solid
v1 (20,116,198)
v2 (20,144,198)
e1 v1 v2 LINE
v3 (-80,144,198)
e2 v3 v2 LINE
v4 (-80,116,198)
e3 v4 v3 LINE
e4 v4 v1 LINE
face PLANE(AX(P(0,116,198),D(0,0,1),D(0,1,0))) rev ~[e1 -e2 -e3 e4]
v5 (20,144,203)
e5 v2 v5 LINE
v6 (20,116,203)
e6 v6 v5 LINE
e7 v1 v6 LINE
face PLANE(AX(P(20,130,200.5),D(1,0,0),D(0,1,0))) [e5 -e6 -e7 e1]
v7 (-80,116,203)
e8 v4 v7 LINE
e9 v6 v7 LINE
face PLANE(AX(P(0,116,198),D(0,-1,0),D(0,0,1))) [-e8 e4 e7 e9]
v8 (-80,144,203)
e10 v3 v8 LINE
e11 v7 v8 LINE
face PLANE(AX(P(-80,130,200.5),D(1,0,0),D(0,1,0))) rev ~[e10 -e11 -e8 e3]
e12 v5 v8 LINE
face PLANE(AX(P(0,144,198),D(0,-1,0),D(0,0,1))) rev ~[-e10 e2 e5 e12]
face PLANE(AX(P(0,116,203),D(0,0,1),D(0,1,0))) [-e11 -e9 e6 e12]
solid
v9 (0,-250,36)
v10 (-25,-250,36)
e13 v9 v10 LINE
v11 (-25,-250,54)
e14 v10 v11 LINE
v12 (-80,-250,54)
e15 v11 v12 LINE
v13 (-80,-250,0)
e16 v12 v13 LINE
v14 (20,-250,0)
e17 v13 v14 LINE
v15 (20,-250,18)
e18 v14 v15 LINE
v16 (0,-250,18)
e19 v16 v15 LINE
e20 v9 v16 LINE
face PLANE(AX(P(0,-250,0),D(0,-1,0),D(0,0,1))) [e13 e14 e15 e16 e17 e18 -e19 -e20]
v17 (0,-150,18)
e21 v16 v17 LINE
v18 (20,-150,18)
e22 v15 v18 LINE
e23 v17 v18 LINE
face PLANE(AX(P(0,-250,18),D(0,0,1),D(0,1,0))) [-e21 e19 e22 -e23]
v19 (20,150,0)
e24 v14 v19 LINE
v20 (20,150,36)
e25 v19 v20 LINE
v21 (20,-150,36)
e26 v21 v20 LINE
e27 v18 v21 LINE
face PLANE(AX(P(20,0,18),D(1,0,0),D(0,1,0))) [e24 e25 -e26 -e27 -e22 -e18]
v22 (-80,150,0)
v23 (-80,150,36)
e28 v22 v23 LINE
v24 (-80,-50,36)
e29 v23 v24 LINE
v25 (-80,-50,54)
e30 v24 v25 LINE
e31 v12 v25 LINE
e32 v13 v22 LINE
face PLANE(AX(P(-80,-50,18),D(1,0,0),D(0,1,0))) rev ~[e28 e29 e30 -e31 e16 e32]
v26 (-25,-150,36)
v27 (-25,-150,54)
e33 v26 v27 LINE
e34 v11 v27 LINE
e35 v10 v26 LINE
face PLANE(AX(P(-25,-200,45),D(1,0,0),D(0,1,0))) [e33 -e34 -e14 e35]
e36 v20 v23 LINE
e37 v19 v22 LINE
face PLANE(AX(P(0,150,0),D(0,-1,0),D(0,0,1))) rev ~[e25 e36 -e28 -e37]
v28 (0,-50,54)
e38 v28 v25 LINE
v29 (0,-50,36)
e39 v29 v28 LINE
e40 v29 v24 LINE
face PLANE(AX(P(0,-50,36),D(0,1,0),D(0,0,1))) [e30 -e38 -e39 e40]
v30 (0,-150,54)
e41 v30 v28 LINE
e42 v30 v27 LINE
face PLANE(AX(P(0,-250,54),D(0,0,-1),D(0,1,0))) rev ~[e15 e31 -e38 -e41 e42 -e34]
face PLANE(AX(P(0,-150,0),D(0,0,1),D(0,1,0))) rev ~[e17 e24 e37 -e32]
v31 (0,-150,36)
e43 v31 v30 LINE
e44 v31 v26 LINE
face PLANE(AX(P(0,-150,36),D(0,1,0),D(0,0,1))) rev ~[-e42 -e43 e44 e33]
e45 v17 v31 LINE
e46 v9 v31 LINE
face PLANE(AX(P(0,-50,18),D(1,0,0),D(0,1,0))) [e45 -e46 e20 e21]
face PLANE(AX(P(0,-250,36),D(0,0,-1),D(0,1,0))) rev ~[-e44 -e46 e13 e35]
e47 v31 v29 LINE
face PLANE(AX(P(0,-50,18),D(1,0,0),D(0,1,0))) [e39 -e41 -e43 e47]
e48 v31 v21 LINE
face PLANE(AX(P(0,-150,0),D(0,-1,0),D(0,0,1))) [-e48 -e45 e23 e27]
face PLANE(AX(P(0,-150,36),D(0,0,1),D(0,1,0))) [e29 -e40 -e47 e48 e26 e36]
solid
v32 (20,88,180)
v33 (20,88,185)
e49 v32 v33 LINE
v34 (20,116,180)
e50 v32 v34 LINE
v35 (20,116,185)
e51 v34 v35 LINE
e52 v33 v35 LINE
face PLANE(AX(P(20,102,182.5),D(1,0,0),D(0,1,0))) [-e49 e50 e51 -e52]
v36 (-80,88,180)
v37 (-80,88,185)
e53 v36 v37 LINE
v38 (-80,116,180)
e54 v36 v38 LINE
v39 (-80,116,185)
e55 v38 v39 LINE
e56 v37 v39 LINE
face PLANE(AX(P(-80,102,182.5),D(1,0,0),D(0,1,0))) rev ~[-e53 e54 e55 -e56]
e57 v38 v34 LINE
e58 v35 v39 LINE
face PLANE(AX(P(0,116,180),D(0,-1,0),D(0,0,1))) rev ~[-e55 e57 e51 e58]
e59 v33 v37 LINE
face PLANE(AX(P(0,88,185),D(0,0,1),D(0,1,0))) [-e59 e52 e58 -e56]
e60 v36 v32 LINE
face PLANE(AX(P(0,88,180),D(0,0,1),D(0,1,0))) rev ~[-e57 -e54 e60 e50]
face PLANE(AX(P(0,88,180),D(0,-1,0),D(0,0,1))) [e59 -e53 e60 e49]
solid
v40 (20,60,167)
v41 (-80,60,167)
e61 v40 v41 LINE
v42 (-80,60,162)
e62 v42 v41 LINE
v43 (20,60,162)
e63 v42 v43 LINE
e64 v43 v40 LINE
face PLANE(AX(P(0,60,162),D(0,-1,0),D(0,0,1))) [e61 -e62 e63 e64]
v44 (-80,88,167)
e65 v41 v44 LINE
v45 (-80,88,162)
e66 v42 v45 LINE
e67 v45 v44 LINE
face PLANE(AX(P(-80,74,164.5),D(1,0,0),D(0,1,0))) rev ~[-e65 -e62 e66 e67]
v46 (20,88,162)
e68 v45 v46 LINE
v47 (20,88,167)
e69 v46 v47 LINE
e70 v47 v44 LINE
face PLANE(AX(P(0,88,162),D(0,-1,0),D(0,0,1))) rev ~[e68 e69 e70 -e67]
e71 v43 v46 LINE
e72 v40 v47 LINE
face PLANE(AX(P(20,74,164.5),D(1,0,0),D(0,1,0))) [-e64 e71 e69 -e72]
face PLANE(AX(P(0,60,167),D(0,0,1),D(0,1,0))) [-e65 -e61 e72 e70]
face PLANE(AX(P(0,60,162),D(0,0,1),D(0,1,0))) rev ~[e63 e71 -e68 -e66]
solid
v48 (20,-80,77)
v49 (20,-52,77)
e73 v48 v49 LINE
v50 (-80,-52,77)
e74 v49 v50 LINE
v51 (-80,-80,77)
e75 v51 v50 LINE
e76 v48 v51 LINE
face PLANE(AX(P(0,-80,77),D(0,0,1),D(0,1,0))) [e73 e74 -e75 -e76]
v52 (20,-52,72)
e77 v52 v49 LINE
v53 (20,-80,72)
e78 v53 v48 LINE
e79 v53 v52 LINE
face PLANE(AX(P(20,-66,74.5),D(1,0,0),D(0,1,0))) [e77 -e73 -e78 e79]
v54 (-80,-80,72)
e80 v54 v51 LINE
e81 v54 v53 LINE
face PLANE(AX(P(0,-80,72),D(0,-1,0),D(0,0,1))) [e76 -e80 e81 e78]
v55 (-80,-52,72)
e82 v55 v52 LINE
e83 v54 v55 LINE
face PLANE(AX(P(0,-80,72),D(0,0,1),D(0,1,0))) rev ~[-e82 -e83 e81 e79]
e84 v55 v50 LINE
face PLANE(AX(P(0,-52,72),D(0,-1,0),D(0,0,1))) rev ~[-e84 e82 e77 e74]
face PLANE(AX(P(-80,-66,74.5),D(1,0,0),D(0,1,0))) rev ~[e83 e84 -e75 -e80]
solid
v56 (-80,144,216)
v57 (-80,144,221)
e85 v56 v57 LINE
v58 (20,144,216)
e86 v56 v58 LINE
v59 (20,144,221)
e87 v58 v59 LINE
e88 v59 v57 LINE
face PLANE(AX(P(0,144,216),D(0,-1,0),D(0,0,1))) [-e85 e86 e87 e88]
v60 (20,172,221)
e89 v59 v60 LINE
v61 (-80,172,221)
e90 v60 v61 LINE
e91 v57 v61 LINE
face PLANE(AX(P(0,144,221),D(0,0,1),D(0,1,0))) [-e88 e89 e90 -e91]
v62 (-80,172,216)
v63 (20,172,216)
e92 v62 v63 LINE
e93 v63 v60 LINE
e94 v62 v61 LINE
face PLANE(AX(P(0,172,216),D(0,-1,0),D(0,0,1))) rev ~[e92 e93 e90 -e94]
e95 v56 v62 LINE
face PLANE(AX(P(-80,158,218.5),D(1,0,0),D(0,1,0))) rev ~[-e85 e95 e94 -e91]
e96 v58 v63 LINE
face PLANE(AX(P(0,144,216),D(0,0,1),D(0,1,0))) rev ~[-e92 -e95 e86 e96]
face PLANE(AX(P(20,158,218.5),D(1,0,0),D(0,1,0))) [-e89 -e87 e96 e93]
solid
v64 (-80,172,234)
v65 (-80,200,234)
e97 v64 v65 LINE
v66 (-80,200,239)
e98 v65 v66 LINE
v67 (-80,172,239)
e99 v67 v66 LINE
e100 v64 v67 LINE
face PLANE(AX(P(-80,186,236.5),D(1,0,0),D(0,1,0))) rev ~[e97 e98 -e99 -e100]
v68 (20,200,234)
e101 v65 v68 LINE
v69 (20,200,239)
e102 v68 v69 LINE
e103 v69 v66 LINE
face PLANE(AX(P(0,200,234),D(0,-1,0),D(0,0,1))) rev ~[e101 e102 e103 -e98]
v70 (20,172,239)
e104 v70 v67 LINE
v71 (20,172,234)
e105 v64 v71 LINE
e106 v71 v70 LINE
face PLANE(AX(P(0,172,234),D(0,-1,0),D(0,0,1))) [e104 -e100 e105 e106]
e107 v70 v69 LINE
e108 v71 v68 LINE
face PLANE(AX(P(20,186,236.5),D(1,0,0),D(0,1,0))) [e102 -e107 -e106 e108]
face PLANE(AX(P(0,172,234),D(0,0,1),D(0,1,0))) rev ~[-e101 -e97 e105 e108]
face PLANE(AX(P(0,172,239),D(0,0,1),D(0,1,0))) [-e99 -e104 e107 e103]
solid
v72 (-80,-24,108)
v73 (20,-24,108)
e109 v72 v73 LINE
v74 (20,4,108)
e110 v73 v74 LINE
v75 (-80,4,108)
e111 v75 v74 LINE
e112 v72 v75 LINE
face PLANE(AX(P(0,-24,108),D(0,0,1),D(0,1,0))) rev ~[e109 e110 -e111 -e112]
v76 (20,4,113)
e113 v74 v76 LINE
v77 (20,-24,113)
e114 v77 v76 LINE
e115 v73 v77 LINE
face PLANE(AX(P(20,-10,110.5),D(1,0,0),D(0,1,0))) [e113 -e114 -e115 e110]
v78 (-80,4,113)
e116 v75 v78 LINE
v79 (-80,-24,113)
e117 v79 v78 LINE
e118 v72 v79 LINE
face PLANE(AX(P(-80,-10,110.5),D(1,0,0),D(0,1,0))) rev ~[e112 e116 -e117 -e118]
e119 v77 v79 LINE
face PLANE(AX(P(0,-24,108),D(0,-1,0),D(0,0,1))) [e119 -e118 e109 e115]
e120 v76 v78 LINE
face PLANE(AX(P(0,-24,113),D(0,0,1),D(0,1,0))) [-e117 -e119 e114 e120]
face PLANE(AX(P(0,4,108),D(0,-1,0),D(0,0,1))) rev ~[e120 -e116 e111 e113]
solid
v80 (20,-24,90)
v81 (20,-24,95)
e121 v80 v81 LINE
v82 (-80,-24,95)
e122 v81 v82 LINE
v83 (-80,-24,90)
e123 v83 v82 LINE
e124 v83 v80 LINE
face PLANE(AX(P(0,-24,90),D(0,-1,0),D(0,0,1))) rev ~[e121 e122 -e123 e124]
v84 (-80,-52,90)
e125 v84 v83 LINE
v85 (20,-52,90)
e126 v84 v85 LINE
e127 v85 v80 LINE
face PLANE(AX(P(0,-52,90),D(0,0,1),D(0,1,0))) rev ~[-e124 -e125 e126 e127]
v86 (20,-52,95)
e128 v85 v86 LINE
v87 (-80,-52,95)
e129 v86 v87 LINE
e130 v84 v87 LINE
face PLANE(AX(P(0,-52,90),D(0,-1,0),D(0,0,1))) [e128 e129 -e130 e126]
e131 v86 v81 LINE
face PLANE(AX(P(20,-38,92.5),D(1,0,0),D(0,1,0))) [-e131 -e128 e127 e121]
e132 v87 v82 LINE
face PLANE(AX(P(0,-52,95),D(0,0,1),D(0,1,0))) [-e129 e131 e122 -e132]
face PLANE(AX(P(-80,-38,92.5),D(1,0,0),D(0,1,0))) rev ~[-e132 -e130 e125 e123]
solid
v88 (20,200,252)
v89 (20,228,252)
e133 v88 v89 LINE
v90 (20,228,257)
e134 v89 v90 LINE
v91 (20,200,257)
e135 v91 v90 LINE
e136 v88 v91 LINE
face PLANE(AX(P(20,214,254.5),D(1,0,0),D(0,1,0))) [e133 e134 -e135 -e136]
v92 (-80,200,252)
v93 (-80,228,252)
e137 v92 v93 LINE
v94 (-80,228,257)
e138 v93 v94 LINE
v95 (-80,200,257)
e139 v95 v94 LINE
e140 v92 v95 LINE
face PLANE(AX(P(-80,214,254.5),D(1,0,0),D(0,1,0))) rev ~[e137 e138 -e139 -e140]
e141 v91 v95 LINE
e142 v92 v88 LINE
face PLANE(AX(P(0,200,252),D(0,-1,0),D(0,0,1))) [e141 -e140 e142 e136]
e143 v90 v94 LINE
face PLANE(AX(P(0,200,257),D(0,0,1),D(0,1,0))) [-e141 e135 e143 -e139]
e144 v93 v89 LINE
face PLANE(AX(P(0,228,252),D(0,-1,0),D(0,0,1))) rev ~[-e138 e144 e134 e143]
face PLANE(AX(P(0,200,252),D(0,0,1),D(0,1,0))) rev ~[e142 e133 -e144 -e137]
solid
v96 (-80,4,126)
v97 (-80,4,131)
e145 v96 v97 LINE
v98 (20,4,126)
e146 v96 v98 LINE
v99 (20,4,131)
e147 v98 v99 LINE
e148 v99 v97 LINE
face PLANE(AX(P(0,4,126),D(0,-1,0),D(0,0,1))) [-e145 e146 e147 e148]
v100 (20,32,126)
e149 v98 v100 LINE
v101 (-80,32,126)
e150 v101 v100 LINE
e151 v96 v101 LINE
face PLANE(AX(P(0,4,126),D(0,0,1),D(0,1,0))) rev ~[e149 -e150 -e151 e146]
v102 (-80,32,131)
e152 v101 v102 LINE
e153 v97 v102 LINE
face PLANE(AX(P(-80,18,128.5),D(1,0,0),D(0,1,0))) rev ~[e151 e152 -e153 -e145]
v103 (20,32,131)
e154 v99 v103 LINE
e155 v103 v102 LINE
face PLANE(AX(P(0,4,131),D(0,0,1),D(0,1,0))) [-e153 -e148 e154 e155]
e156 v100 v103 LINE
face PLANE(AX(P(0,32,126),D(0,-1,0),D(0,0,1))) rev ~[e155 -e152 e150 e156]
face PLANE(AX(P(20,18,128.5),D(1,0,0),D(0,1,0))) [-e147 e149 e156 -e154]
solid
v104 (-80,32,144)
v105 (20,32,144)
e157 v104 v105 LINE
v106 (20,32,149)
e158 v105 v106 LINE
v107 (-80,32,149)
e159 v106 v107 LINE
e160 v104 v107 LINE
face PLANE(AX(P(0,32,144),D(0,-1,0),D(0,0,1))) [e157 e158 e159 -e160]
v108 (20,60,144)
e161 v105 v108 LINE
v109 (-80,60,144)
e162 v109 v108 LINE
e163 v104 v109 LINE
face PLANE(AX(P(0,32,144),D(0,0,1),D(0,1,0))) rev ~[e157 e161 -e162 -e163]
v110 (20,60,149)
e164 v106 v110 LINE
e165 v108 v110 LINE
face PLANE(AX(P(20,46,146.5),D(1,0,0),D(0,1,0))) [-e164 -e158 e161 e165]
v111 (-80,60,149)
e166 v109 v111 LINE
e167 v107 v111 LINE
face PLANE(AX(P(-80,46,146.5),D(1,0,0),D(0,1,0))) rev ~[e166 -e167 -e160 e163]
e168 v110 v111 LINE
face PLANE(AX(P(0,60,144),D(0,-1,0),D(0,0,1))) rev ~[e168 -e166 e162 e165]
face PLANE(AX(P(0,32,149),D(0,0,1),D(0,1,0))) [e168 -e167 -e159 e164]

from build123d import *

# Parameters (mm, degrees)
F0_W          = 200
F0_H          = 18
F1_DEPTH      = 80
F2_W          = 100
F2_H          = 18
F3_DEPTH      = 20
F4_W          = 28
F4_H          = 5
F5_DEPTH      = 80
F5_DEPTH_BACK = 20
F6_W          = 100
F6_H          = 18
F7_DEPTH      = 25
F8_W          = 300
F8_H          = 36
F9_DEPTH      = 20


with BuildPart() as f1:
    # F0 (on Right) → F1 (new body)
    with BuildSketch(Plane.YZ):
        Polygon((-250, 0), (0, 0), (150, 0), (150, 36), (-50, 36), (-250, 36), align=None)
        with Locations((-150, 45)):
            Rectangle(F0_W, F0_H)
    extrude(amount=-F1_DEPTH)

    # F2 (on face) → F3 (join)
    with BuildSketch(Plane.YZ):
        with Locations((-200, 9)):
            Rectangle(F2_W, F2_H)
    extrude(amount=F3_DEPTH)

    # F6 (on Right) → F7 (cut)
    with BuildSketch(Plane.YZ):
        with Locations((-200, 45)):
            Rectangle(F6_W, F6_H)
    extrude(amount=-F7_DEPTH, mode=Mode.SUBTRACT)

    # F8 (on Right) → F9 (join)
    with BuildSketch(Plane.YZ):
        with Locations((0, 18)):
            Rectangle(F8_W, F8_H)
    extrude(amount=F9_DEPTH)


with BuildPart() as f5:
    # F4 (on Right) → F5 (new body, two sides)
    with BuildSketch(Plane.YZ) as f5_sk:
        with Locations((-66, 74.5)):
            Rectangle(F4_W, F4_H)
    extrude(amount=-F5_DEPTH)
    extrude(f5_sk.sketch, amount=F5_DEPTH_BACK)


with BuildPart() as f5b:
    # F4 (on Right) → F5, piece 2 (new body, two sides)
    with BuildSketch(Plane.YZ) as f5_2_sk:
        with Locations((-38, 92.5)):
            Rectangle(F4_W, F4_H)
    extrude(amount=-F5_DEPTH)
    extrude(f5_2_sk.sketch, amount=F5_DEPTH_BACK)


with BuildPart() as f5c:
    # F4 (on Right) → F5, piece 3 (new body, two sides)
    with BuildSketch(Plane.YZ) as f5_3_sk:
        with Locations((-10, 110.5)):
            Rectangle(F4_W, F4_H)
    extrude(amount=-F5_DEPTH)
    extrude(f5_3_sk.sketch, amount=F5_DEPTH_BACK)


with BuildPart() as f5d:
    # F4 (on Right) → F5, piece 4 (new body, two sides)
    with BuildSketch(Plane.YZ) as f5_4_sk:
        with Locations((18, 128.5)):
            Rectangle(F4_W, F4_H)
    extrude(amount=-F5_DEPTH)
    extrude(f5_4_sk.sketch, amount=F5_DEPTH_BACK)


with BuildPart() as f5e:
    # F4 (on Right) → F5, piece 5 (new body, two sides)
    with BuildSketch(Plane.YZ) as f5_5_sk:
        with Locations((46, 146.5)):
            Rectangle(F4_W, F4_H)
    extrude(amount=-F5_DEPTH)
    extrude(f5_5_sk.sketch, amount=F5_DEPTH_BACK)


with BuildPart() as f5f:
    # F4 (on Right) → F5, piece 6 (new body, two sides)
    with BuildSketch(Plane.YZ) as f5_6_sk:
        with Locations((74, 164.5)):
            Rectangle(F4_W, F4_H)
    extrude(amount=-F5_DEPTH)
    extrude(f5_6_sk.sketch, amount=F5_DEPTH_BACK)


with BuildPart() as f5g:
    # F4 (on Right) → F5, piece 7 (new body, two sides)
    with BuildSketch(Plane.YZ) as f5_7_sk:
        with Locations((102, 182.5)):
            Rectangle(F4_W, F4_H)
    extrude(amount=-F5_DEPTH)
    extrude(f5_7_sk.sketch, amount=F5_DEPTH_BACK)


with BuildPart() as f5h:
    # F4 (on Right) → F5, piece 8 (new body, two sides)
    with BuildSketch(Plane.YZ) as f5_8_sk:
        with Locations((130, 200.5)):
            Rectangle(F4_W, F4_H)
    extrude(amount=-F5_DEPTH)
    extrude(f5_8_sk.sketch, amount=F5_DEPTH_BACK)


with BuildPart() as f5i:
    # F4 (on Right) → F5, piece 9 (new body, two sides)
    with BuildSketch(Plane.YZ) as f5_9_sk:
        with Locations((158, 218.5)):
            Rectangle(F4_W, F4_H)
    extrude(amount=-F5_DEPTH)
    extrude(f5_9_sk.sketch, amount=F5_DEPTH_BACK)


with BuildPart() as f5j:
    # F4 (on Right) → F5, piece 10 (new body, two sides)
    with BuildSketch(Plane.YZ) as f5_10_sk:
        with Locations((186, 236.5)):
            Rectangle(F4_W, F4_H)
    extrude(amount=-F5_DEPTH)
    extrude(f5_10_sk.sketch, amount=F5_DEPTH_BACK)


with BuildPart() as f5k:
    # F4 (on Right) → F5, piece 11 (new body, two sides)
    with BuildSketch(Plane.YZ) as f5_11_sk:
        with Locations((214, 254.5)):
            Rectangle(F4_W, F4_H)
    extrude(amount=-F5_DEPTH)
    extrude(f5_11_sk.sketch, amount=F5_DEPTH_BACK)


solid = Compound([f1.part, f5.part, f5b.part, f5c.part, f5d.part, f5e.part, f5f.part, f5g.part, f5h.part, f5i.part, f5j.part, f5k.part])
